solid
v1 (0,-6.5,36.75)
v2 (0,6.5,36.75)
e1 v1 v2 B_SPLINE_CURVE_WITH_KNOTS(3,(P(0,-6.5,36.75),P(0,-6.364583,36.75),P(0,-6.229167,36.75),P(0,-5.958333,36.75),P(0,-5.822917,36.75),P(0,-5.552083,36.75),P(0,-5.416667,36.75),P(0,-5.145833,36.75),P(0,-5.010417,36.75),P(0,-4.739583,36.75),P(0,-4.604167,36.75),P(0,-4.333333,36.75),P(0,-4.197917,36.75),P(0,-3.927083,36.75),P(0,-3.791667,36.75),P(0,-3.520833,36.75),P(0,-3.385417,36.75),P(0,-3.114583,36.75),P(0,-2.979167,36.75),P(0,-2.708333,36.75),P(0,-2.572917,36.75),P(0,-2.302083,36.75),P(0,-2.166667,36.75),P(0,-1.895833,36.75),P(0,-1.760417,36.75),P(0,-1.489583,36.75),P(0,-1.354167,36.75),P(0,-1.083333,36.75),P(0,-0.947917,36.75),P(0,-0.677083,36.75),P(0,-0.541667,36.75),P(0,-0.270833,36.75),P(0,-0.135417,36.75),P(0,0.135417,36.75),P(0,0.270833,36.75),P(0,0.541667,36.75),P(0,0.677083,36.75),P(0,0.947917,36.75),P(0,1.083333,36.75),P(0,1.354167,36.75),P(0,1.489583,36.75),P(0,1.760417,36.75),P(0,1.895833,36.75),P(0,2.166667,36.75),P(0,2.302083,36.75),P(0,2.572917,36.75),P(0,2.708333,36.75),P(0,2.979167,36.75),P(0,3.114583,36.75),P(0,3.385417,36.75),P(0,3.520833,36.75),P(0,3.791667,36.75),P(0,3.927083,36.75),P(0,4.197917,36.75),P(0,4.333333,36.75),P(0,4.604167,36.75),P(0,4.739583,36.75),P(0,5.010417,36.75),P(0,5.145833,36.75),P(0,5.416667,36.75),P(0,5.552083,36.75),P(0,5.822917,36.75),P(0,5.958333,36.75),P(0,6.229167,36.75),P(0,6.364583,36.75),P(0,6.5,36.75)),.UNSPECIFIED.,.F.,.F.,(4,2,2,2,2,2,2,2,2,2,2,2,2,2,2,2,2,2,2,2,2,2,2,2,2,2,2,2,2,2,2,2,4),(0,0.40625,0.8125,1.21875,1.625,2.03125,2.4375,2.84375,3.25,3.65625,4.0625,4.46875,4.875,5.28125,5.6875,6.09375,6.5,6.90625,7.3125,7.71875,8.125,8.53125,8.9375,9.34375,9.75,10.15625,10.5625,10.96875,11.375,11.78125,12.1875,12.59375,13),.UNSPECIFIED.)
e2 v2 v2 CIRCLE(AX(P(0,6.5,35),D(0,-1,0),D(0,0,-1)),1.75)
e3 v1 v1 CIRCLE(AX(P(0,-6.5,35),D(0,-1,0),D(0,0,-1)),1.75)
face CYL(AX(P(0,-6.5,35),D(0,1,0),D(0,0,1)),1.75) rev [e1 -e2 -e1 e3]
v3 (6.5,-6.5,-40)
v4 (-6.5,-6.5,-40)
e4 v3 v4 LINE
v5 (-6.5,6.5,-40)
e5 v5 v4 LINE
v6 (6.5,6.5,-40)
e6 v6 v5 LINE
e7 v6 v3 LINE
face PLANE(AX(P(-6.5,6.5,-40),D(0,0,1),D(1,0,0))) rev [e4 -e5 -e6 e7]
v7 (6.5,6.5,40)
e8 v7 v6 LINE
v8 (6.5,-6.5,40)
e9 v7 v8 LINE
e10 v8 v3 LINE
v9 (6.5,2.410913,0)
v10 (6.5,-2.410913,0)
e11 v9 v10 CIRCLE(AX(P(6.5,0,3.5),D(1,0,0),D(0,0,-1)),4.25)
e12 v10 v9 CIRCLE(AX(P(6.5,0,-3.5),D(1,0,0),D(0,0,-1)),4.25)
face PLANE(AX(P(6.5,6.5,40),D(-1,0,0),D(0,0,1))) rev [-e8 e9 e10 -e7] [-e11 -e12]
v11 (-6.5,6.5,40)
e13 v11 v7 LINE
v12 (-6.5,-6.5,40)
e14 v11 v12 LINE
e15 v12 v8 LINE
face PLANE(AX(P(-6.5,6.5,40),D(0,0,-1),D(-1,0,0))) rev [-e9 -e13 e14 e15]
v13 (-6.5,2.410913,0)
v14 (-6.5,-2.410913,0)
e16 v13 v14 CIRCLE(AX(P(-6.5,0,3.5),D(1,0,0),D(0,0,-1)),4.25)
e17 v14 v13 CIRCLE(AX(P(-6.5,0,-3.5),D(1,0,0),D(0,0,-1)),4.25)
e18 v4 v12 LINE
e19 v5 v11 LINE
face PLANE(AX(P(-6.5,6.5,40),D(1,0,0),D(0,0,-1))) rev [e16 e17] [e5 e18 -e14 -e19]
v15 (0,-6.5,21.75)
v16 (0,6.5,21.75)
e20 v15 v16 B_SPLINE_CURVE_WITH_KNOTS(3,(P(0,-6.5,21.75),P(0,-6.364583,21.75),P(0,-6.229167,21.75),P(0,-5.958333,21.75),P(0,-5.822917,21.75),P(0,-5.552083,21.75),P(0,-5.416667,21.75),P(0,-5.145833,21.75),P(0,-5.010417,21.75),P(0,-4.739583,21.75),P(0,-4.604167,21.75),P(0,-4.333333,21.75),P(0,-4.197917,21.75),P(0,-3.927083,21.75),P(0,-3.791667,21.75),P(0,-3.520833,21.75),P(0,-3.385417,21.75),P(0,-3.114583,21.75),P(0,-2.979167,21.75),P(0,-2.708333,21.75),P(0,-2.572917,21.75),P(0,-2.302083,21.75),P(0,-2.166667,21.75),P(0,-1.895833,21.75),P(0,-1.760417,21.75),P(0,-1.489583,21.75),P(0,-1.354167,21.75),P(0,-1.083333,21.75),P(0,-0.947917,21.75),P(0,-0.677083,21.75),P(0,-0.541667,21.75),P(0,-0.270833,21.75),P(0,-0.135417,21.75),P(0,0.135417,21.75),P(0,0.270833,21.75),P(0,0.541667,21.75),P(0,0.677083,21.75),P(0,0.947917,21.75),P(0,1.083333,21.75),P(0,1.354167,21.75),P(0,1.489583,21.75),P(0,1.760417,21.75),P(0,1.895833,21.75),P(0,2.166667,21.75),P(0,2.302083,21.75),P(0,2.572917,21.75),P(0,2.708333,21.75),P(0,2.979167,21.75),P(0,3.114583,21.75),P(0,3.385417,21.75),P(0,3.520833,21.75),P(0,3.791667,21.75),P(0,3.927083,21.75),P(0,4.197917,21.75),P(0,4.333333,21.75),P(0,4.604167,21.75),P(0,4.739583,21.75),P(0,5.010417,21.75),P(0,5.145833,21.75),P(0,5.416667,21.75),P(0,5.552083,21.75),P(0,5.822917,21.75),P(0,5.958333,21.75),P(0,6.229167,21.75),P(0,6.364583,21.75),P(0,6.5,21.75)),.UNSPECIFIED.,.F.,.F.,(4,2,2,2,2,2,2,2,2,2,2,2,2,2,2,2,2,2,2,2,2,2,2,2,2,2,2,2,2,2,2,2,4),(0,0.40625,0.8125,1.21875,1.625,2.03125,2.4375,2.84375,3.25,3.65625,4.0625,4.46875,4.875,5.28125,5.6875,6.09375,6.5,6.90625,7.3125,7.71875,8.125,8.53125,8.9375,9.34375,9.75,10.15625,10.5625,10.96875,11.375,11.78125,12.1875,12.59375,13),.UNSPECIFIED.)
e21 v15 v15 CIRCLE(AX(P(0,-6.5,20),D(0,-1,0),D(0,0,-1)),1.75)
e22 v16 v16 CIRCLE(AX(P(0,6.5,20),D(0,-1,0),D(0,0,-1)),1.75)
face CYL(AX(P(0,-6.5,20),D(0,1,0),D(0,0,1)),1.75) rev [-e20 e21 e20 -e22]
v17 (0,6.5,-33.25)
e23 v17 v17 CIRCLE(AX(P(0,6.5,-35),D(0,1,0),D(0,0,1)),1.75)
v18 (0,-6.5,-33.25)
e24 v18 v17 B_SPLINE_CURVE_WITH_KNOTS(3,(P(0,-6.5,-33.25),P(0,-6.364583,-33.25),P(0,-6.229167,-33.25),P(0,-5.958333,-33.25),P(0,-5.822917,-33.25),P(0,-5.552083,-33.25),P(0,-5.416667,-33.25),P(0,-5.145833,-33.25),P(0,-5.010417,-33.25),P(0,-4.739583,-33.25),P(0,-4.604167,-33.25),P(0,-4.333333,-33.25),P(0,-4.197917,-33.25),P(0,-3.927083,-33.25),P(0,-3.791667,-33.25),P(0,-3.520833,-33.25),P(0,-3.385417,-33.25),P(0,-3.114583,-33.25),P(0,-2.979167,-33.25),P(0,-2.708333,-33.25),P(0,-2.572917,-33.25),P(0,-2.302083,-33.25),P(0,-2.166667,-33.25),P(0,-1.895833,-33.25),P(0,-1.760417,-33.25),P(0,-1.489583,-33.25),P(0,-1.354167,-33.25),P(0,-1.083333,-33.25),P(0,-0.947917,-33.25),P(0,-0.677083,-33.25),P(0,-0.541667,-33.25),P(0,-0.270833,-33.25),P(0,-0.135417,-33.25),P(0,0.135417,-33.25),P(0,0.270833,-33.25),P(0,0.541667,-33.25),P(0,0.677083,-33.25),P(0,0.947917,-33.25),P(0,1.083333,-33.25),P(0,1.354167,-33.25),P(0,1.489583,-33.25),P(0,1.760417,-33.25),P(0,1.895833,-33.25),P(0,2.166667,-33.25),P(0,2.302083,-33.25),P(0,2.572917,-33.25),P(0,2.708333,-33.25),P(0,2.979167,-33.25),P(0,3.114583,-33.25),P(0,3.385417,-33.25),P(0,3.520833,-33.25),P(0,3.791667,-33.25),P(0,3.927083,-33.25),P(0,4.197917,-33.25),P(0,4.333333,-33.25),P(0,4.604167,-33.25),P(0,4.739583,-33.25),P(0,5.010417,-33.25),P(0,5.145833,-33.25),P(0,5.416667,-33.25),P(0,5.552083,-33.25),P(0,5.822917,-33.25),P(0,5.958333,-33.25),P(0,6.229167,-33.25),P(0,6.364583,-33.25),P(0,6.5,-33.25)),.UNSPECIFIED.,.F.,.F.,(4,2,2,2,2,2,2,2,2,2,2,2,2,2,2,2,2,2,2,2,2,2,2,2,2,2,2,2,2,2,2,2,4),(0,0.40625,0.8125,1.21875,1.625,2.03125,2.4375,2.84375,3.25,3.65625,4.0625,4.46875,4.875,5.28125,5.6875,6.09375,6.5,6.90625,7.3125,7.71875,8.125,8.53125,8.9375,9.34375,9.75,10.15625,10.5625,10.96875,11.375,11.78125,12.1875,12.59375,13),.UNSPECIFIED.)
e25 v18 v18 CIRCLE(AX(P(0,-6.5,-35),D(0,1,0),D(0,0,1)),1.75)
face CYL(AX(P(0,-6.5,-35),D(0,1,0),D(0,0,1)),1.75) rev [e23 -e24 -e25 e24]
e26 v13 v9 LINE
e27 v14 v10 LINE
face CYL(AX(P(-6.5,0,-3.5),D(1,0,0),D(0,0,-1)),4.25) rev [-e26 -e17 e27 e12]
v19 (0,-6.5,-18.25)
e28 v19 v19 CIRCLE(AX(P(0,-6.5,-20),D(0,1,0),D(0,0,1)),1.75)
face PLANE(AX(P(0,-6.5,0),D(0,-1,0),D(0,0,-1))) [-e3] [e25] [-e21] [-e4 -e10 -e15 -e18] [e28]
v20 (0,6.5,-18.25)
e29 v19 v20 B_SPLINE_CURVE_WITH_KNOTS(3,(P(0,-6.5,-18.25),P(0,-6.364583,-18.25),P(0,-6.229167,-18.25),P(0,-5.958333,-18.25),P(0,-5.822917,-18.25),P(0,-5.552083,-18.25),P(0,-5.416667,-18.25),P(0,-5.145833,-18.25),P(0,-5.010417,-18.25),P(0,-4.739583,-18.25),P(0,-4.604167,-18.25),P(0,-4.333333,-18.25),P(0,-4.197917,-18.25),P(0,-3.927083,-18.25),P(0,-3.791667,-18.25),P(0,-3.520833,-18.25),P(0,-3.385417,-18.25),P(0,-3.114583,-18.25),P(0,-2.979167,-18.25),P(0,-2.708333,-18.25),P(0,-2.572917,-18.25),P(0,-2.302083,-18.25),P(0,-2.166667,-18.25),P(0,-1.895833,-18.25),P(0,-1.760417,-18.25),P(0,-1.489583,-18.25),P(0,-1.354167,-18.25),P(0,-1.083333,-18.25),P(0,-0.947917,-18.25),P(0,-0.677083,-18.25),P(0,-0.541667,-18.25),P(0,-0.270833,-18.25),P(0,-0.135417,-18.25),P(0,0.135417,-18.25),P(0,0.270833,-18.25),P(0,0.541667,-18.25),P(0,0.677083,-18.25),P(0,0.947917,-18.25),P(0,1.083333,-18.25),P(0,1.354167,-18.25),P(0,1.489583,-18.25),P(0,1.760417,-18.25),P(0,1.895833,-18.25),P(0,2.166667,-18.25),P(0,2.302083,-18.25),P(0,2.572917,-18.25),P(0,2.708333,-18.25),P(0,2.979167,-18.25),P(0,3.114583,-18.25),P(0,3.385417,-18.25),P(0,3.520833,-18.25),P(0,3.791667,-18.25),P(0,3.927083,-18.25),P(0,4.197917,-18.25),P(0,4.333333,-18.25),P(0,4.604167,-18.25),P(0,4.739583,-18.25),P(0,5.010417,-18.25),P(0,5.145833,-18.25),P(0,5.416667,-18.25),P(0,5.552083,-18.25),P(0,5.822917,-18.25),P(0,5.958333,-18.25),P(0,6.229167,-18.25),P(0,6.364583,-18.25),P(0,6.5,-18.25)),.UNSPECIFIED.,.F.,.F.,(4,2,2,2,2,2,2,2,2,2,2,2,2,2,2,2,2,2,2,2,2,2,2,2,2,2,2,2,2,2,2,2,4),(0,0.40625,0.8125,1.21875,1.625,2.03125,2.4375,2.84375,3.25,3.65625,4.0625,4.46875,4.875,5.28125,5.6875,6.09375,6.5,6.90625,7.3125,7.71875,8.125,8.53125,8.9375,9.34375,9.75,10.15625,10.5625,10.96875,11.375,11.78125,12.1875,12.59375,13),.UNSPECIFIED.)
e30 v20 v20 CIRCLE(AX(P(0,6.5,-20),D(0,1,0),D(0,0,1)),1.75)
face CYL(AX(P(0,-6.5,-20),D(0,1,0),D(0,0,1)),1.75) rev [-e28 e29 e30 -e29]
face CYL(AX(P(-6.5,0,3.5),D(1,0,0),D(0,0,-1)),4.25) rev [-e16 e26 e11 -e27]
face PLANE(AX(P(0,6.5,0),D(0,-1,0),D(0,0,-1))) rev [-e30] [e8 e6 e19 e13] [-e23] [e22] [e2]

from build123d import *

# Parameters (mm, degrees)
SKETCH_1_W               = 13
SKETCH_1_H               = 80
EXTRUDE_1_DEPTH          = 6.5
CUT_EXTRUDE_1_DEPTH      = 42.042660732
CUT_EXTRUDE_1_DEPTH_BACK = 42.042660732
SKETCH_4_R               = 1.75
CUT_EXTRUDE_2_DEPTH      = 42.042660732


with BuildPart() as part:
    # 스케치1 → 보스-돌출1 (new, symmetric)
    with BuildSketch(Plane(origin=(0, 0, 0), x_dir=(1, 0, 0), z_dir=(0, 1, 0))):
        Rectangle(SKETCH_1_W, SKETCH_1_H)
    extrude(amount=EXTRUDE_1_DEPTH, both=True)

    # 스케치3 → 컷-돌출1 (cut, two sides: drawn at the far end of the back side and taken through both)
    with BuildSketch(Plane(origin=(0, 0, 0), x_dir=(0, 0, -1), z_dir=(1, 0, 0)).offset(-CUT_EXTRUDE_1_DEPTH_BACK)):
        with BuildLine():
            ThreePointArc((0, 2.41091269), (0.55817077, 1.262438117), (0.75, 0))
            Line((0.75, 0), (7.75, 0))
            ThreePointArc((7.75, 0), (4.762438117, 4.05817077), (0, 2.41091269))
        make_face()
        with BuildLine():
            ThreePointArc((0, -2.41091269), (0.55817077, -1.262438117), (0.75, 0))
            Line((0.75, 0), (-0.75, 0))
            ThreePointArc((-0.75, 0), (-0.55817077, -1.262438117), (0, -2.41091269))
        make_face()
        with BuildLine():
            Line((-0.75, 0), (0.75, 0))
            ThreePointArc((0.75, 0), (0.55817077, 1.262438117), (0, 2.41091269))
            ThreePointArc((0, 2.41091269), (-0.55817077, 1.262438117), (-0.75, 0))
        make_face()
        with BuildLine():
            Line((7.75, 0), (0.75, 0))
            ThreePointArc((0.75, 0), (0.55817077, -1.262438117), (0, -2.41091269))
            ThreePointArc((0, -2.41091269), (4.762438117, -4.05817077), (7.75, 0))
        make_face()
        with BuildLine():
            ThreePointArc((0, -2.41091269), (-0.55817077, -1.262438117), (-0.75, 0))
            Line((-0.75, 0), (-7.75, 0))
            ThreePointArc((-7.75, 0), (-4.762438117, -4.05817077), (0, -2.41091269))
        make_face()
        with BuildLine():
            Line((-7.75, 0), (-0.75, 0))
            ThreePointArc((-0.75, 0), (-0.55817077, 1.262438117), (0, 2.41091269))
            ThreePointArc((0, 2.41091269), (-4.762438117, 4.05817077), (-7.75, 0))
        make_face()
    extrude(amount=CUT_EXTRUDE_1_DEPTH + CUT_EXTRUDE_1_DEPTH_BACK, mode=Mode.SUBTRACT)

    # 스케치4 → 컷-돌출2 (cut, symmetric)
    with BuildSketch(Plane(origin=(0, 0, 0), x_dir=(1, 0, 0), z_dir=(0, 1, 0))):
        with Locations(Location((0, 35, 0), (0, 0, 270))):
            Circle(SKETCH_4_R)
        with Locations(Location((0, 20, 0), (0, 0, 270))):
            Circle(SKETCH_4_R)
    cut_extrude_2 = extrude(amount=CUT_EXTRUDE_2_DEPTH, both=True, mode=Mode.SUBTRACT)

    # 대칭 복사1: 컷-돌출2 across plane
    add(cut_extrude_2.mirror(Plane.XY), mode=Mode.SUBTRACT)


solid = part.part
